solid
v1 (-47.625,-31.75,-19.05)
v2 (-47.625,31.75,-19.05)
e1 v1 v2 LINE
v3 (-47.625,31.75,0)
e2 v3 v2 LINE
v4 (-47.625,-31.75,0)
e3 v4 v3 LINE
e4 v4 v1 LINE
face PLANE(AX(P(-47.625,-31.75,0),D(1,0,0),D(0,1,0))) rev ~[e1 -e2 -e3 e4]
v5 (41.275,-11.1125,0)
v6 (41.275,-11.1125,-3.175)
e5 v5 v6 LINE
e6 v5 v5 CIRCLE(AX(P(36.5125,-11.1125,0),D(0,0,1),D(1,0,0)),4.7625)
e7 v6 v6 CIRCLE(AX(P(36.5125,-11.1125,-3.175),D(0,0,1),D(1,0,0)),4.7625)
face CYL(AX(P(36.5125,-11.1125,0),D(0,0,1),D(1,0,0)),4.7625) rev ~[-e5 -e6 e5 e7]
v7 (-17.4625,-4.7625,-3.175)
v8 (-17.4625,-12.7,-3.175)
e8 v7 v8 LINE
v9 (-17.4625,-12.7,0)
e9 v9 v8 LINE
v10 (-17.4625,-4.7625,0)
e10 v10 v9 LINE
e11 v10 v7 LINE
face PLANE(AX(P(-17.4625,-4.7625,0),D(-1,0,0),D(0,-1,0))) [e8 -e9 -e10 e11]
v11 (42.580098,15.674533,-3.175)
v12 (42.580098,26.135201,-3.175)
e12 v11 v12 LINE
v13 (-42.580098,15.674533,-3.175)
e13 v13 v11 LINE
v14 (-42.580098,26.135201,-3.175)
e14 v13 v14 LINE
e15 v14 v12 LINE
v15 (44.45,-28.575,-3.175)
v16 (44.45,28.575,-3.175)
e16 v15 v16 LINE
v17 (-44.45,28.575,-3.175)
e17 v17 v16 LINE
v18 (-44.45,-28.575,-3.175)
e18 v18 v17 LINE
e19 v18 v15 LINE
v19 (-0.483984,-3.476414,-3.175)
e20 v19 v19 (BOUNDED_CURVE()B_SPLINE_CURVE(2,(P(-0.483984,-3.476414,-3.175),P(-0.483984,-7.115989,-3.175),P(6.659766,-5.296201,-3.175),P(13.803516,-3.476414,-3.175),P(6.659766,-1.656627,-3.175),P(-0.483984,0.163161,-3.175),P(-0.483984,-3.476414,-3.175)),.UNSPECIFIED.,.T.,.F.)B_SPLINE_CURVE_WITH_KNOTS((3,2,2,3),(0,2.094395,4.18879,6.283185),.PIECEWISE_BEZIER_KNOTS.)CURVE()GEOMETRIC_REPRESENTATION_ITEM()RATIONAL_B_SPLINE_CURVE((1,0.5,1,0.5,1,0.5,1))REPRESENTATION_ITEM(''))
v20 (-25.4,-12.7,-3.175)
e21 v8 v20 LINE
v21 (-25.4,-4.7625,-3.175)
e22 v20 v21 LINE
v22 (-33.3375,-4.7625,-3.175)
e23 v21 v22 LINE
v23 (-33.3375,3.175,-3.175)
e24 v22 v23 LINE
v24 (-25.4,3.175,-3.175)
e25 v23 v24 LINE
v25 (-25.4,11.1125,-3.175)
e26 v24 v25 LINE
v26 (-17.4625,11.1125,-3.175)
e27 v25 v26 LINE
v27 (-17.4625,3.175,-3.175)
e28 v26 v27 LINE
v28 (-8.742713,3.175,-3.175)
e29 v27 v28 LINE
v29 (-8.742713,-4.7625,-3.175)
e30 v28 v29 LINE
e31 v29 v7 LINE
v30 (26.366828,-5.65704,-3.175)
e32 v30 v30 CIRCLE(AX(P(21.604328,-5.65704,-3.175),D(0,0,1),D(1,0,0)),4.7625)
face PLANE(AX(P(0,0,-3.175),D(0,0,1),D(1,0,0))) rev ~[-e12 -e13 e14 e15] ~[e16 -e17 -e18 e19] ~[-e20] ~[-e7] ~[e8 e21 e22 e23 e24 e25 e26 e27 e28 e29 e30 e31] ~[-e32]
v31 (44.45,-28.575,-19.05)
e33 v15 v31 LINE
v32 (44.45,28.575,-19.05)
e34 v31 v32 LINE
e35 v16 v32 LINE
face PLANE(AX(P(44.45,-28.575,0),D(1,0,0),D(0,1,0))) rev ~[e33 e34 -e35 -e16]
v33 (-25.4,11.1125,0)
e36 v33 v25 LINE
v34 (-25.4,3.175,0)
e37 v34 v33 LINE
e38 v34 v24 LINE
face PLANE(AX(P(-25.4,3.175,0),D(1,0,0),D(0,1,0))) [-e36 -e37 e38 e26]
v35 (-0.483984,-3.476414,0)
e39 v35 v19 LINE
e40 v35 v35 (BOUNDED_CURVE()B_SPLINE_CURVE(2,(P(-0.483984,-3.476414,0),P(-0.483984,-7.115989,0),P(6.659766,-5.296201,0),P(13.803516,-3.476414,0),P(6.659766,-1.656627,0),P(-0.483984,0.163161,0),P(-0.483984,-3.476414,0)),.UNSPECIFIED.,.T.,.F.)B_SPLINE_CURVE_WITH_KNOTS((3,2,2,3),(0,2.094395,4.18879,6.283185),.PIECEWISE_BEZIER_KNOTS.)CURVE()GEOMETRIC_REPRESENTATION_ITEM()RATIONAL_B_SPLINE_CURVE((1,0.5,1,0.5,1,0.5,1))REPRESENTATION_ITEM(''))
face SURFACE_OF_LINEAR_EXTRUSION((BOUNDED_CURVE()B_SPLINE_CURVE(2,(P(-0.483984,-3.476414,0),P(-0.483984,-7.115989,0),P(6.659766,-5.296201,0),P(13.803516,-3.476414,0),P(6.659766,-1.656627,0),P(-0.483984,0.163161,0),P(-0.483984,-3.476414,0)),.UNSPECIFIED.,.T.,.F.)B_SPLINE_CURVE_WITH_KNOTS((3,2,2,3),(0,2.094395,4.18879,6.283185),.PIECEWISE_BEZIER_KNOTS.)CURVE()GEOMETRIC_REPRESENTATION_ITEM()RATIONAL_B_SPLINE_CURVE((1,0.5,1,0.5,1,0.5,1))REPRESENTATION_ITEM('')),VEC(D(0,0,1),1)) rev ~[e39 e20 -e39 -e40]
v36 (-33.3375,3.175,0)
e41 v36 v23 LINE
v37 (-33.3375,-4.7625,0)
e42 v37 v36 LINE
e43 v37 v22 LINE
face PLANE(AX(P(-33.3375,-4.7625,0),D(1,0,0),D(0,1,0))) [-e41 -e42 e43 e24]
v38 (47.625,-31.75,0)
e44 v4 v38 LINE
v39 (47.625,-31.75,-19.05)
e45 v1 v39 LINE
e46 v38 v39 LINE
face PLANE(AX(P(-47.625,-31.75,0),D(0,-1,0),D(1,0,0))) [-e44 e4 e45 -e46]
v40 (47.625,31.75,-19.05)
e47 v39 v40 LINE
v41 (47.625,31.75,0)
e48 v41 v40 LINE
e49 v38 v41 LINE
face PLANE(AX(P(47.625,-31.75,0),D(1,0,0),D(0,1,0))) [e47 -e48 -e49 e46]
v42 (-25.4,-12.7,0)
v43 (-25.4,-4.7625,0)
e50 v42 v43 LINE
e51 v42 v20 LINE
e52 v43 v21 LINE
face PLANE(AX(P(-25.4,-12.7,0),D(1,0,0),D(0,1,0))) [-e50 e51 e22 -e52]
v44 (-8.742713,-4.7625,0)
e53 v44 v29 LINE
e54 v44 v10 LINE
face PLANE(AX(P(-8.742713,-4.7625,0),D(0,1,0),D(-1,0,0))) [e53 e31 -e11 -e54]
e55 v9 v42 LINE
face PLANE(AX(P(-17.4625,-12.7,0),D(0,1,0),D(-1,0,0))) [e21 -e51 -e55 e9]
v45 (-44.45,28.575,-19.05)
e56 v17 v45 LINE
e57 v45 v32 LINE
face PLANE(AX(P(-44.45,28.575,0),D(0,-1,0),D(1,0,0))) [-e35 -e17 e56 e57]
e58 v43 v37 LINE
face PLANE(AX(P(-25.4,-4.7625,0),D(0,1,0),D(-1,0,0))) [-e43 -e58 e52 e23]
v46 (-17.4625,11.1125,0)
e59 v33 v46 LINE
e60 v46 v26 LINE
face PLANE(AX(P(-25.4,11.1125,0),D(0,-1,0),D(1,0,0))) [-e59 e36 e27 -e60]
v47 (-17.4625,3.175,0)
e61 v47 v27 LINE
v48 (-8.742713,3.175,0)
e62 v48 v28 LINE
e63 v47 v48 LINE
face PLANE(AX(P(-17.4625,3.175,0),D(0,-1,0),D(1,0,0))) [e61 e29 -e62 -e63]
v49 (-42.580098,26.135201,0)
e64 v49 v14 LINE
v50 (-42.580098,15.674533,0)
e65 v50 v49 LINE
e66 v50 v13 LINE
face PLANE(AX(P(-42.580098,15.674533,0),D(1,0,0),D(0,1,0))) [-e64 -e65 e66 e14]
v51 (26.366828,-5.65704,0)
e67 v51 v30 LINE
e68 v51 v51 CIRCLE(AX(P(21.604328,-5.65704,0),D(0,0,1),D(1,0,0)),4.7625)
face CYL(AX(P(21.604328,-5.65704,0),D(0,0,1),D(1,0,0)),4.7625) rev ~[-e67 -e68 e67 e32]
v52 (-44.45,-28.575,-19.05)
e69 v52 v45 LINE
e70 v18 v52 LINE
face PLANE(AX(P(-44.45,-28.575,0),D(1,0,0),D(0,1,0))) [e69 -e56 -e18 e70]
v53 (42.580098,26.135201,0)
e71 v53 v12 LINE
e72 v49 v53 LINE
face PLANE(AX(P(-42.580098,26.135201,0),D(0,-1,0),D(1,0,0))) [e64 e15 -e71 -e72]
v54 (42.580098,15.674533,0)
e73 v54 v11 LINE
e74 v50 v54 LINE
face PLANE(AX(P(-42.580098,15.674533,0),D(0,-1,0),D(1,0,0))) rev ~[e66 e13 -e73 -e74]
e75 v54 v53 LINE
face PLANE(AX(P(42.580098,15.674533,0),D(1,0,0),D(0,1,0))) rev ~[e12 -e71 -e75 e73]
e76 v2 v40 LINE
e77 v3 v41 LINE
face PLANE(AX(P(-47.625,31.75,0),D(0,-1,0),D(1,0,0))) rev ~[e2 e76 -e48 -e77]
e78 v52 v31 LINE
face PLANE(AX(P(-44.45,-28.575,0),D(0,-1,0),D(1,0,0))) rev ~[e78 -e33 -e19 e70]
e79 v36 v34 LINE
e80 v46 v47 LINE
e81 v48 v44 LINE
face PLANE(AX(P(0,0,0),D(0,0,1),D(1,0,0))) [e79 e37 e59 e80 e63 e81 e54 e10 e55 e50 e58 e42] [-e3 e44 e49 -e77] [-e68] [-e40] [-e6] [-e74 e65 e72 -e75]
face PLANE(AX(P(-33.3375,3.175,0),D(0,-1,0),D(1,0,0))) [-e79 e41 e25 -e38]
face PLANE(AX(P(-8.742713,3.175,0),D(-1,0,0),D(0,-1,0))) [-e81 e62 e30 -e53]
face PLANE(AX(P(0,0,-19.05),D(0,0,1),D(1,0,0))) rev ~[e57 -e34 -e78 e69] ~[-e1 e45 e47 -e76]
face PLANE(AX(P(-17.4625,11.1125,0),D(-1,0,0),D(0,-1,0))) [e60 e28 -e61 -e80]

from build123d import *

# Parameters (mm, degrees)
F0_W     = 88.9
F0_H     = 57.15
F0_R     = 4.7625
F0_W_2   = 85.160196
F0_H_2   = 10.460668
F1_DEPTH = 3.175
F0_W_3   = 95.25
F0_H_3   = 63.5
F2_DEPTH = 19.05


with BuildPart() as f1:
    # F0 (on Top) → F1 (new body)
    with BuildSketch(Plane.XY):
        Rectangle(F0_W, F0_H)
        Polygon((-25.4, 3.175), (-25.4, 11.1125), (-17.4625, 11.1125), (-17.4625, 3.175), (-8.742713, 3.175), (-8.742713, -4.7625), (-17.4625, -4.7625), (-17.4625, -12.7), (-25.4, -12.7), (-25.4, -4.7625), (-33.3375, -4.7625), (-33.3375, 3.175), align=None, mode=Mode.SUBTRACT)
        with BuildLine():
            add(Edge.make_bspline(
                [(-0.483984, -3.476414), (-0.483984, -7.115989), (6.659766, -5.296201), (13.803516, -3.476414), (6.659766, -1.656627), (-0.483984, 0.163161), (-0.483984, -3.476414)],
                knots=[0, 0, 0, 2.094395, 2.094395, 4.18879, 4.18879, 6.283185, 6.283185, 6.283185], degree=2, weights=[1, 0.5, 1, 0.5, 1, 0.5, 1]))
        make_face(mode=Mode.SUBTRACT)
        with Locations((21.604328, -5.65704)):
            Circle(F0_R, mode=Mode.SUBTRACT)
        with Locations((36.5125, -11.1125)):
            Circle(F0_R, mode=Mode.SUBTRACT)
        with Locations((0, 20.904867)):
            Rectangle(F0_W_2, F0_H_2, mode=Mode.SUBTRACT)
    extrude(amount=-F1_DEPTH)

    # F0 (on Top) → F2 (join)
    with BuildSketch(Plane.XY):
        Rectangle(F0_W_3, F0_H_3)
        Rectangle(F0_W, F0_H, mode=Mode.SUBTRACT)
    extrude(amount=-F2_DEPTH)


solid = f1.part
